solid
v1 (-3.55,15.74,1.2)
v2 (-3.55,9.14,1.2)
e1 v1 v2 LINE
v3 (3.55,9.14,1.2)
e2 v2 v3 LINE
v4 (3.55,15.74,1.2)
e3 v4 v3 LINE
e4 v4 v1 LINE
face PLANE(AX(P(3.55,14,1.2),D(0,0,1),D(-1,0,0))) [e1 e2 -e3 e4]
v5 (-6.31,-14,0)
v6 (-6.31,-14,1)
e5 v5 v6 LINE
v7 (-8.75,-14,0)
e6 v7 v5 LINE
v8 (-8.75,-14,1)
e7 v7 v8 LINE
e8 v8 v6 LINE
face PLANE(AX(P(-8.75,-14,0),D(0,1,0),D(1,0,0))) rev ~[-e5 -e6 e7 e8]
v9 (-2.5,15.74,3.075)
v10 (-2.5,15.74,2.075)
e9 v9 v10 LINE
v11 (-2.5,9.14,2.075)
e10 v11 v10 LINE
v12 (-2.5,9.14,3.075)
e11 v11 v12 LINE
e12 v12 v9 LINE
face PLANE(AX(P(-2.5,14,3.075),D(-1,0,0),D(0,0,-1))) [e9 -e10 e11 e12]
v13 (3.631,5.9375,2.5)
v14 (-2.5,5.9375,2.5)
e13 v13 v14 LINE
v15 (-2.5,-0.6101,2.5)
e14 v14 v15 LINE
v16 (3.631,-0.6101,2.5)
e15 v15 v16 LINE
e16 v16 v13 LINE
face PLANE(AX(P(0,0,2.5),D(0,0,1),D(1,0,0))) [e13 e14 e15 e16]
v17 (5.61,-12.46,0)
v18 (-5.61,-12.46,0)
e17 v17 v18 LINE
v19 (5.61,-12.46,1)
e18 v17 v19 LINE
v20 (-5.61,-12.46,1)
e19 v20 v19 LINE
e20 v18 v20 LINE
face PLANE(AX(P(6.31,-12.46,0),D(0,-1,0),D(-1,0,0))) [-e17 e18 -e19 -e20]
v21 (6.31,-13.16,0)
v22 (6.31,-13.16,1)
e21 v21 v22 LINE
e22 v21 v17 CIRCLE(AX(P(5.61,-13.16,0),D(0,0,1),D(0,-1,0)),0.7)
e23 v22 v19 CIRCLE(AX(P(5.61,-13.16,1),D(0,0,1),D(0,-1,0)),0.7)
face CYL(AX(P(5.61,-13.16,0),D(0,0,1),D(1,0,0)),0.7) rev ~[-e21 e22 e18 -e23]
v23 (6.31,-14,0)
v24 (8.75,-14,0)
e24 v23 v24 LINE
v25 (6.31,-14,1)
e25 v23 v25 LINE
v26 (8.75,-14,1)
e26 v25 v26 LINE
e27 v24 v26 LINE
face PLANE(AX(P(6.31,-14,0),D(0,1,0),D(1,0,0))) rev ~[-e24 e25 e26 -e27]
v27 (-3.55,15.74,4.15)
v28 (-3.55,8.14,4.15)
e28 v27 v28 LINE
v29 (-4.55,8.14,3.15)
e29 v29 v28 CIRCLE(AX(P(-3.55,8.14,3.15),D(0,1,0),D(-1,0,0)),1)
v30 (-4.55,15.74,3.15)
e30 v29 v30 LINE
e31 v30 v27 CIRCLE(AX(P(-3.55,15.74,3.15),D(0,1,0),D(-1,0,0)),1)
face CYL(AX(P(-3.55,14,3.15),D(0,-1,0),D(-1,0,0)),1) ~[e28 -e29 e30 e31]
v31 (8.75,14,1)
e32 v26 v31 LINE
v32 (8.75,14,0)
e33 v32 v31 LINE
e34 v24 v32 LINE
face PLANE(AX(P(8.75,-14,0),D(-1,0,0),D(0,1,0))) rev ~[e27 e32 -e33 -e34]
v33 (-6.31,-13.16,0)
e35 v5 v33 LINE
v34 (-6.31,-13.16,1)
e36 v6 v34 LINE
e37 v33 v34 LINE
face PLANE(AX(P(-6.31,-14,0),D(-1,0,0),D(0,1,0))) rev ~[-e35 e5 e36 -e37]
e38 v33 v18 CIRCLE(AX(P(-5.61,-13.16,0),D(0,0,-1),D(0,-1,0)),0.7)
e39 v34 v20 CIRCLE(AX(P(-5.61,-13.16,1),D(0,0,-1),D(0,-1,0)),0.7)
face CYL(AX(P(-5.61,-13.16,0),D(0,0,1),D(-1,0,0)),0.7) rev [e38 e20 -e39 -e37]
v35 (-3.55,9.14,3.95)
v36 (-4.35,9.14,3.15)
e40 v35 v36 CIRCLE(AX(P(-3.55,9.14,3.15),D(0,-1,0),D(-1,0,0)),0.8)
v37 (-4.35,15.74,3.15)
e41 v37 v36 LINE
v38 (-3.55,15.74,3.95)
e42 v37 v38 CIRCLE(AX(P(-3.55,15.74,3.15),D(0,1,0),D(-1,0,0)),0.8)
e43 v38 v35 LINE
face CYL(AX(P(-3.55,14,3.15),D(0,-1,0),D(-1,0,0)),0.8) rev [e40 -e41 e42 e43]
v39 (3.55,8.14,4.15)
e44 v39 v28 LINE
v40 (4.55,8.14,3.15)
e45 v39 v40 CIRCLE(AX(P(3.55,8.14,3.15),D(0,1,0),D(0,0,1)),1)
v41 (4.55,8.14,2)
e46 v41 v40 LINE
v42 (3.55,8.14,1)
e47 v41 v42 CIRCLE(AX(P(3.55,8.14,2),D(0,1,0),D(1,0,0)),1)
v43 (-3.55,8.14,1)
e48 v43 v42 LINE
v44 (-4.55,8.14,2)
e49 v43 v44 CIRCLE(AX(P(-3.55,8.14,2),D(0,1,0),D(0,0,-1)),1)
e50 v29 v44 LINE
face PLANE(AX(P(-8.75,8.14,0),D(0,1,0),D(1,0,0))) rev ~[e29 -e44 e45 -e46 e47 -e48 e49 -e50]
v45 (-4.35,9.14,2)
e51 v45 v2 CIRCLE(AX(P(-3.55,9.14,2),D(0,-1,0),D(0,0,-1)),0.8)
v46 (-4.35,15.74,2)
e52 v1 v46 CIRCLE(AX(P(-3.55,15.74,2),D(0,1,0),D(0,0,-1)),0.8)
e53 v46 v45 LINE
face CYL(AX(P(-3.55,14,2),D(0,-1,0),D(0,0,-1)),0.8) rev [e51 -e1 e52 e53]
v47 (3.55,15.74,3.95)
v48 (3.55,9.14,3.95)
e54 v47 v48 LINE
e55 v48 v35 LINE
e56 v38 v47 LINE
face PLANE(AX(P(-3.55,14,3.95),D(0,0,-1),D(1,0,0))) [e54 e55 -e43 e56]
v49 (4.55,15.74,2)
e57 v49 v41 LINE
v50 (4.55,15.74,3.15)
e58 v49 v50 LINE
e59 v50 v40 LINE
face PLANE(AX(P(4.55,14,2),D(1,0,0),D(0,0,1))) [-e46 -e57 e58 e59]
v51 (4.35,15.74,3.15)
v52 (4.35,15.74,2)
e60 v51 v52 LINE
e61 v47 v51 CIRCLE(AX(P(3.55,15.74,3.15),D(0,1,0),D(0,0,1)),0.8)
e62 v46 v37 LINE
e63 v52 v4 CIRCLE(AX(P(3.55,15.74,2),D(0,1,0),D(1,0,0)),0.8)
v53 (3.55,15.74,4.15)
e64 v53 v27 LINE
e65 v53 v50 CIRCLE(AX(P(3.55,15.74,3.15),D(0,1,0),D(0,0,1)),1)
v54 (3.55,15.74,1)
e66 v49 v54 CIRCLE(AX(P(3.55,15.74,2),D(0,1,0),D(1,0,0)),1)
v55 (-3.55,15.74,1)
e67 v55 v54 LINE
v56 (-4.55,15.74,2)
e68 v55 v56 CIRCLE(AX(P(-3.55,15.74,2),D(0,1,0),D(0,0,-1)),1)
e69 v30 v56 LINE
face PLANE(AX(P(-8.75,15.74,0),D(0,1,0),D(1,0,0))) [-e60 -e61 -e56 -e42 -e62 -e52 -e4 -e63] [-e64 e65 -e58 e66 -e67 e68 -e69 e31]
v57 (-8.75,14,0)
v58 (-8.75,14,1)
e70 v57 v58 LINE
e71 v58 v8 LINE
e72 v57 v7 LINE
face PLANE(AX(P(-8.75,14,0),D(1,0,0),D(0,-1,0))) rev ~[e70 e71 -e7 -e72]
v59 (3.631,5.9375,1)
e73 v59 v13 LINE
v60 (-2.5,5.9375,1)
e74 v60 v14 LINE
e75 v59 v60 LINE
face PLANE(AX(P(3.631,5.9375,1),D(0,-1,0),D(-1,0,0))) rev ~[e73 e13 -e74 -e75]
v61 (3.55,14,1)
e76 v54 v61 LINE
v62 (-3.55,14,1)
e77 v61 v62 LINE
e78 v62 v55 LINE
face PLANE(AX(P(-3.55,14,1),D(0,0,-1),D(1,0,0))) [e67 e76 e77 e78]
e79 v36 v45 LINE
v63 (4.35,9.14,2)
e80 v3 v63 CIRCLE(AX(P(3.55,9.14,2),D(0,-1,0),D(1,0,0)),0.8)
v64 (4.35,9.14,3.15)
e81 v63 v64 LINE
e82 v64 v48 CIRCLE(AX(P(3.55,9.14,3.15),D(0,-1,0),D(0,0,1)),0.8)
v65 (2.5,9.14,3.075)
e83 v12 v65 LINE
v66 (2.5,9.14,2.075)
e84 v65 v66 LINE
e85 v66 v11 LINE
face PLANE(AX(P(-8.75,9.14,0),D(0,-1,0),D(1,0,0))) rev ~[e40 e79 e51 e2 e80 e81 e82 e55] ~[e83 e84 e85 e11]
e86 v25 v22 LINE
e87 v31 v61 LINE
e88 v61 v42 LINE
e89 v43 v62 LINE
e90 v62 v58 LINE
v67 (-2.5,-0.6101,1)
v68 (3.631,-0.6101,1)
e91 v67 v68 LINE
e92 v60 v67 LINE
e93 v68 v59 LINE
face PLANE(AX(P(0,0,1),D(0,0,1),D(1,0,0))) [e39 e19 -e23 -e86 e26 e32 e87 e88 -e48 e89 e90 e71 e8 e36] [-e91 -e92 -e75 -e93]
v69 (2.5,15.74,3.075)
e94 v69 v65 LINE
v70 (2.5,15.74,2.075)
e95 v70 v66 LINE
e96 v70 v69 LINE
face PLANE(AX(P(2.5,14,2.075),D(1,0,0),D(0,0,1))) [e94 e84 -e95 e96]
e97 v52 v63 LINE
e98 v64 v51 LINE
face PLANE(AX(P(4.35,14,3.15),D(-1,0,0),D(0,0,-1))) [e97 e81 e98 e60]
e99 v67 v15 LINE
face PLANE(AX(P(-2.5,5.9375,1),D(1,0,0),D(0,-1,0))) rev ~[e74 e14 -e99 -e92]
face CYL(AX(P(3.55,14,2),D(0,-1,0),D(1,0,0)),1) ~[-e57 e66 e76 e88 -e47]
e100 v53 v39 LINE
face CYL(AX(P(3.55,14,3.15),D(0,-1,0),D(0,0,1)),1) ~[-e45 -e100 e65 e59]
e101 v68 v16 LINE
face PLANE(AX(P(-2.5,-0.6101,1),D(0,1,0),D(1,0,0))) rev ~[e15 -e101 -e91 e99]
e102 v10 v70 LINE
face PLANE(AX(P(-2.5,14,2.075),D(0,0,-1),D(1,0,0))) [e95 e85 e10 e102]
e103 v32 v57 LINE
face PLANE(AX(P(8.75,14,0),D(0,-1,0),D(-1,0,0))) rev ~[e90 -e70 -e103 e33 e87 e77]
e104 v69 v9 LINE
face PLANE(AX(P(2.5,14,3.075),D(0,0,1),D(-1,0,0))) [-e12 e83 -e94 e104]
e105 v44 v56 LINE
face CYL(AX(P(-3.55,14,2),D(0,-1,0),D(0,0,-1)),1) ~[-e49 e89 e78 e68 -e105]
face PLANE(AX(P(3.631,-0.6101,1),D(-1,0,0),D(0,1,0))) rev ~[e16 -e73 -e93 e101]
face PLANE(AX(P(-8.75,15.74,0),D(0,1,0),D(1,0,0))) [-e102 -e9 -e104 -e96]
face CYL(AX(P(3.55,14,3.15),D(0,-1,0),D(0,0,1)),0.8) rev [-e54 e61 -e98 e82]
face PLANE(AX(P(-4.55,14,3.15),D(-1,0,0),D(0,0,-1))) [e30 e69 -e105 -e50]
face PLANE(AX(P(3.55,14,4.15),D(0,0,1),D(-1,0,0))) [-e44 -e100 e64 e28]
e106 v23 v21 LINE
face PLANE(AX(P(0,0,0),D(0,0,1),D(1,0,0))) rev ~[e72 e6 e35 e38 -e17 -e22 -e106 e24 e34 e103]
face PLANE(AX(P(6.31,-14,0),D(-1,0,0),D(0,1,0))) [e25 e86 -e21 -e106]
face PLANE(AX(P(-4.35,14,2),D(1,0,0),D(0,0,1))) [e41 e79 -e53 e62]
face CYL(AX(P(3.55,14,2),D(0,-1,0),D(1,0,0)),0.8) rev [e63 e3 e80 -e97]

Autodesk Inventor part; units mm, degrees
ref_plane "YZ Plane" through (0, 0, 0) normal (1, 0, 0) x (0, 1, 0)
ref_plane "XZ Plane" through (0, 0, 0) normal (0, 1, 0) x (-1, 0, 0)
ref_plane "XY Plane" through (0, 0, 0) normal (0, 0, 1) x (1, 0, 0)
sketch "스케치1" plane through (0, 0, 0) normal (0, 0, 1) x (1, 0, 0)
  line L0 (-8.75, -14) -> (8.75, -14)
  line L1 (8.75, -14) -> (8.75, 14)
  line L2 (8.75, 14) -> (-8.75, 14)
  line L3 (-8.75, 14) -> (-8.75, -14)
  line L4 (-8.75, -14) -> (8.75, 14) construction
  line L5 (8.75, -14) -> (-8.75, 14) construction
  line L6 (-8.75, -14) -> (-6.31, -14)
  line L7 (-6.31, -14) -> (-6.31, -12.46)
  line L8 (-6.31, -12.46) -> (0, -12.46)
  line L9 (0, 0) -> (0, 2.6603)
  line L10 (8.75, -14) -> (6.31, -14)
  line L11 (6.31, -14) -> (6.31, -12.46)
  line L12 (6.31, -12.46) -> (0, -12.46)
  dimension "d0" = 17.5
  dimension "d1" = 28
  dimension "d2" = 2.44
  dimension "d3" = 1.54
extrude "돌출1" add sketch "스케치1" along normal blind 1 contours L3 L2 L1 L0 L11 L12 L8 L7
sketch "스케치2" plane through (-8.75, 14, 0) normal (0, 1, 0) x (1, 0, 0)
  line L0 (5.2, -1) -> (12.3, -1)
  line L1 (13.3, -2) -> (13.3, -3.15)
  line L2 (12.3, -4.15) -> (5.2, -4.15)
  line L3 (4.2, -3.15) -> (4.2, -2)
  line L4 (4.2, -1) -> (13.3, -4.15) construction
  line L5 (13.3, -1) -> (4.2, -4.15) construction
  line L6 (17.5, -1) -> (0, -1) construction
  line L7 (6.25, -2.075) -> (11.25, -2.075)
  line L8 (11.25, -2.075) -> (11.25, -3.075)
  line L9 (11.25, -3.075) -> (6.25, -3.075)
  line L10 (6.25, -3.075) -> (6.25, -2.075)
  line L11 (6.25, -2.075) -> (11.25, -3.075) construction
  line L12 (11.25, -2.075) -> (6.25, -3.075) construction
  arc A0 (13.3, -2) -> (12.3, -1) centre (12.3, -2) ccw
  arc A1 (12.3, -4.15) -> (13.3, -3.15) centre (12.3, -3.15) ccw
  arc A2 (5.2, -1) -> (4.2, -2) centre (5.2, -2) ccw
  arc A3 (4.2, -3.15) -> (5.2, -4.15) centre (5.2, -3.15) ccw
  line L13 (13.1, -3.15) -> (13.1, -2)
  arc A4 (13.1, -2) -> (12.3, -1.2) centre (12.3, -2) ccw
  line L14 (12.3, -1.2) -> (5.2, -1.2)
  arc A5 (5.2, -1.2) -> (4.4, -2) centre (5.2, -2) ccw
  line L15 (4.4, -2) -> (4.4, -3.15)
  arc A6 (4.4, -3.15) -> (5.2, -3.95) centre (5.2, -3.15) ccw
  line L16 (5.2, -3.95) -> (12.3, -3.95)
  arc A7 (12.3, -3.95) -> (13.1, -3.15) centre (12.3, -3.15) ccw
  point P0 (8.75, 0)
  point P1 (8.75, -2.575)
  point P2 (8.75, -1)
  dimension "d6" = 3.15
  dimension "d7" = 9.1
  dimension "d8" = 5
  dimension "d9" = 1
  dimension "d10" = 1
  dimension "d11" = 0.2
extrude "돌출2" add sketch "스케치2" along normal blind 1.74 and the other way blind 5.86
fillet "모깎기1" radius 0.7 2 edges at (6.31, -12.46, 0.5) (-6.31, -12.46, 0.5)
sketch "스케치3" plane through (-8.75, 8.14, 0) normal (0, -1, 0) x (1, 0, 0)
  line L0 (12.3, 4.15) -> (5.2, 4.15) projected
  arc A0 (5.2, 4.15) -> (4.2, 3.15) centre (5.2, 3.15) ccw projected
  line L1 (4.2, 3.15) -> (4.2, 2) projected
  arc A1 (4.2, 2) -> (5.2, 1) centre (5.2, 2) ccw projected
  line L2 (12.3, 1) -> (5.2, 1) projected
  arc A2 (12.3, 1) -> (13.3, 2) centre (12.3, 2) ccw projected
  line L3 (13.3, 2) -> (13.3, 3.15) projected
  arc A3 (13.3, 3.15) -> (12.3, 4.15) centre (12.3, 3.15) ccw projected
  arc A4 (13.1, 3.15) -> (12.3, 3.95) centre (12.3, 3.15) ccw projected
  line L4 (13.1, 3.15) -> (13.1, 2) projected
  arc A5 (12.3, 1.2) -> (13.1, 2) centre (12.3, 2) ccw projected
  line L5 (12.3, 1.2) -> (5.2, 1.2) projected
  arc A6 (4.4, 2) -> (5.2, 1.2) centre (5.2, 2) ccw projected
  line L6 (4.4, 2) -> (4.4, 3.15) projected
  arc A7 (5.2, 3.95) -> (4.4, 3.15) centre (5.2, 3.15) ccw projected
  line L7 (5.2, 3.95) -> (12.3, 3.95) projected
  point P0 (8.75, 0)
extrude "돌출3" add sketch "스케치3" against normal blind 1 contours A3 L3 A2 L2 A1 L1 A0 L0 | L4 A5 L5 A6 L6 A7 L7 A4
sketch "스케치4" plane through (0, 0, 1) normal (0, 0, 1) x (1, 0, 0)
  line L0 (3.631, 5.9375) -> (-2.5, 5.9375)
  line L1 (-2.5, 5.9375) -> (-2.5, -0.6101)
  line L2 (-2.5, -0.6101) -> (3.631, -0.6101)
  line L3 (3.631, -0.6101) -> (3.631, 5.9375)
  line L4 (3.631, 5.9375) -> (-2.5, -0.6101) construction
  line L5 (-2.5, 5.9375) -> (3.631, -0.6101) construction
  point P0 (0, 0)
  point P1 (0.5655, 2.6637)
extrude "돌출4" add sketch "스케치4" along normal blind 1.5
properties part number "C타입 충전단자"
